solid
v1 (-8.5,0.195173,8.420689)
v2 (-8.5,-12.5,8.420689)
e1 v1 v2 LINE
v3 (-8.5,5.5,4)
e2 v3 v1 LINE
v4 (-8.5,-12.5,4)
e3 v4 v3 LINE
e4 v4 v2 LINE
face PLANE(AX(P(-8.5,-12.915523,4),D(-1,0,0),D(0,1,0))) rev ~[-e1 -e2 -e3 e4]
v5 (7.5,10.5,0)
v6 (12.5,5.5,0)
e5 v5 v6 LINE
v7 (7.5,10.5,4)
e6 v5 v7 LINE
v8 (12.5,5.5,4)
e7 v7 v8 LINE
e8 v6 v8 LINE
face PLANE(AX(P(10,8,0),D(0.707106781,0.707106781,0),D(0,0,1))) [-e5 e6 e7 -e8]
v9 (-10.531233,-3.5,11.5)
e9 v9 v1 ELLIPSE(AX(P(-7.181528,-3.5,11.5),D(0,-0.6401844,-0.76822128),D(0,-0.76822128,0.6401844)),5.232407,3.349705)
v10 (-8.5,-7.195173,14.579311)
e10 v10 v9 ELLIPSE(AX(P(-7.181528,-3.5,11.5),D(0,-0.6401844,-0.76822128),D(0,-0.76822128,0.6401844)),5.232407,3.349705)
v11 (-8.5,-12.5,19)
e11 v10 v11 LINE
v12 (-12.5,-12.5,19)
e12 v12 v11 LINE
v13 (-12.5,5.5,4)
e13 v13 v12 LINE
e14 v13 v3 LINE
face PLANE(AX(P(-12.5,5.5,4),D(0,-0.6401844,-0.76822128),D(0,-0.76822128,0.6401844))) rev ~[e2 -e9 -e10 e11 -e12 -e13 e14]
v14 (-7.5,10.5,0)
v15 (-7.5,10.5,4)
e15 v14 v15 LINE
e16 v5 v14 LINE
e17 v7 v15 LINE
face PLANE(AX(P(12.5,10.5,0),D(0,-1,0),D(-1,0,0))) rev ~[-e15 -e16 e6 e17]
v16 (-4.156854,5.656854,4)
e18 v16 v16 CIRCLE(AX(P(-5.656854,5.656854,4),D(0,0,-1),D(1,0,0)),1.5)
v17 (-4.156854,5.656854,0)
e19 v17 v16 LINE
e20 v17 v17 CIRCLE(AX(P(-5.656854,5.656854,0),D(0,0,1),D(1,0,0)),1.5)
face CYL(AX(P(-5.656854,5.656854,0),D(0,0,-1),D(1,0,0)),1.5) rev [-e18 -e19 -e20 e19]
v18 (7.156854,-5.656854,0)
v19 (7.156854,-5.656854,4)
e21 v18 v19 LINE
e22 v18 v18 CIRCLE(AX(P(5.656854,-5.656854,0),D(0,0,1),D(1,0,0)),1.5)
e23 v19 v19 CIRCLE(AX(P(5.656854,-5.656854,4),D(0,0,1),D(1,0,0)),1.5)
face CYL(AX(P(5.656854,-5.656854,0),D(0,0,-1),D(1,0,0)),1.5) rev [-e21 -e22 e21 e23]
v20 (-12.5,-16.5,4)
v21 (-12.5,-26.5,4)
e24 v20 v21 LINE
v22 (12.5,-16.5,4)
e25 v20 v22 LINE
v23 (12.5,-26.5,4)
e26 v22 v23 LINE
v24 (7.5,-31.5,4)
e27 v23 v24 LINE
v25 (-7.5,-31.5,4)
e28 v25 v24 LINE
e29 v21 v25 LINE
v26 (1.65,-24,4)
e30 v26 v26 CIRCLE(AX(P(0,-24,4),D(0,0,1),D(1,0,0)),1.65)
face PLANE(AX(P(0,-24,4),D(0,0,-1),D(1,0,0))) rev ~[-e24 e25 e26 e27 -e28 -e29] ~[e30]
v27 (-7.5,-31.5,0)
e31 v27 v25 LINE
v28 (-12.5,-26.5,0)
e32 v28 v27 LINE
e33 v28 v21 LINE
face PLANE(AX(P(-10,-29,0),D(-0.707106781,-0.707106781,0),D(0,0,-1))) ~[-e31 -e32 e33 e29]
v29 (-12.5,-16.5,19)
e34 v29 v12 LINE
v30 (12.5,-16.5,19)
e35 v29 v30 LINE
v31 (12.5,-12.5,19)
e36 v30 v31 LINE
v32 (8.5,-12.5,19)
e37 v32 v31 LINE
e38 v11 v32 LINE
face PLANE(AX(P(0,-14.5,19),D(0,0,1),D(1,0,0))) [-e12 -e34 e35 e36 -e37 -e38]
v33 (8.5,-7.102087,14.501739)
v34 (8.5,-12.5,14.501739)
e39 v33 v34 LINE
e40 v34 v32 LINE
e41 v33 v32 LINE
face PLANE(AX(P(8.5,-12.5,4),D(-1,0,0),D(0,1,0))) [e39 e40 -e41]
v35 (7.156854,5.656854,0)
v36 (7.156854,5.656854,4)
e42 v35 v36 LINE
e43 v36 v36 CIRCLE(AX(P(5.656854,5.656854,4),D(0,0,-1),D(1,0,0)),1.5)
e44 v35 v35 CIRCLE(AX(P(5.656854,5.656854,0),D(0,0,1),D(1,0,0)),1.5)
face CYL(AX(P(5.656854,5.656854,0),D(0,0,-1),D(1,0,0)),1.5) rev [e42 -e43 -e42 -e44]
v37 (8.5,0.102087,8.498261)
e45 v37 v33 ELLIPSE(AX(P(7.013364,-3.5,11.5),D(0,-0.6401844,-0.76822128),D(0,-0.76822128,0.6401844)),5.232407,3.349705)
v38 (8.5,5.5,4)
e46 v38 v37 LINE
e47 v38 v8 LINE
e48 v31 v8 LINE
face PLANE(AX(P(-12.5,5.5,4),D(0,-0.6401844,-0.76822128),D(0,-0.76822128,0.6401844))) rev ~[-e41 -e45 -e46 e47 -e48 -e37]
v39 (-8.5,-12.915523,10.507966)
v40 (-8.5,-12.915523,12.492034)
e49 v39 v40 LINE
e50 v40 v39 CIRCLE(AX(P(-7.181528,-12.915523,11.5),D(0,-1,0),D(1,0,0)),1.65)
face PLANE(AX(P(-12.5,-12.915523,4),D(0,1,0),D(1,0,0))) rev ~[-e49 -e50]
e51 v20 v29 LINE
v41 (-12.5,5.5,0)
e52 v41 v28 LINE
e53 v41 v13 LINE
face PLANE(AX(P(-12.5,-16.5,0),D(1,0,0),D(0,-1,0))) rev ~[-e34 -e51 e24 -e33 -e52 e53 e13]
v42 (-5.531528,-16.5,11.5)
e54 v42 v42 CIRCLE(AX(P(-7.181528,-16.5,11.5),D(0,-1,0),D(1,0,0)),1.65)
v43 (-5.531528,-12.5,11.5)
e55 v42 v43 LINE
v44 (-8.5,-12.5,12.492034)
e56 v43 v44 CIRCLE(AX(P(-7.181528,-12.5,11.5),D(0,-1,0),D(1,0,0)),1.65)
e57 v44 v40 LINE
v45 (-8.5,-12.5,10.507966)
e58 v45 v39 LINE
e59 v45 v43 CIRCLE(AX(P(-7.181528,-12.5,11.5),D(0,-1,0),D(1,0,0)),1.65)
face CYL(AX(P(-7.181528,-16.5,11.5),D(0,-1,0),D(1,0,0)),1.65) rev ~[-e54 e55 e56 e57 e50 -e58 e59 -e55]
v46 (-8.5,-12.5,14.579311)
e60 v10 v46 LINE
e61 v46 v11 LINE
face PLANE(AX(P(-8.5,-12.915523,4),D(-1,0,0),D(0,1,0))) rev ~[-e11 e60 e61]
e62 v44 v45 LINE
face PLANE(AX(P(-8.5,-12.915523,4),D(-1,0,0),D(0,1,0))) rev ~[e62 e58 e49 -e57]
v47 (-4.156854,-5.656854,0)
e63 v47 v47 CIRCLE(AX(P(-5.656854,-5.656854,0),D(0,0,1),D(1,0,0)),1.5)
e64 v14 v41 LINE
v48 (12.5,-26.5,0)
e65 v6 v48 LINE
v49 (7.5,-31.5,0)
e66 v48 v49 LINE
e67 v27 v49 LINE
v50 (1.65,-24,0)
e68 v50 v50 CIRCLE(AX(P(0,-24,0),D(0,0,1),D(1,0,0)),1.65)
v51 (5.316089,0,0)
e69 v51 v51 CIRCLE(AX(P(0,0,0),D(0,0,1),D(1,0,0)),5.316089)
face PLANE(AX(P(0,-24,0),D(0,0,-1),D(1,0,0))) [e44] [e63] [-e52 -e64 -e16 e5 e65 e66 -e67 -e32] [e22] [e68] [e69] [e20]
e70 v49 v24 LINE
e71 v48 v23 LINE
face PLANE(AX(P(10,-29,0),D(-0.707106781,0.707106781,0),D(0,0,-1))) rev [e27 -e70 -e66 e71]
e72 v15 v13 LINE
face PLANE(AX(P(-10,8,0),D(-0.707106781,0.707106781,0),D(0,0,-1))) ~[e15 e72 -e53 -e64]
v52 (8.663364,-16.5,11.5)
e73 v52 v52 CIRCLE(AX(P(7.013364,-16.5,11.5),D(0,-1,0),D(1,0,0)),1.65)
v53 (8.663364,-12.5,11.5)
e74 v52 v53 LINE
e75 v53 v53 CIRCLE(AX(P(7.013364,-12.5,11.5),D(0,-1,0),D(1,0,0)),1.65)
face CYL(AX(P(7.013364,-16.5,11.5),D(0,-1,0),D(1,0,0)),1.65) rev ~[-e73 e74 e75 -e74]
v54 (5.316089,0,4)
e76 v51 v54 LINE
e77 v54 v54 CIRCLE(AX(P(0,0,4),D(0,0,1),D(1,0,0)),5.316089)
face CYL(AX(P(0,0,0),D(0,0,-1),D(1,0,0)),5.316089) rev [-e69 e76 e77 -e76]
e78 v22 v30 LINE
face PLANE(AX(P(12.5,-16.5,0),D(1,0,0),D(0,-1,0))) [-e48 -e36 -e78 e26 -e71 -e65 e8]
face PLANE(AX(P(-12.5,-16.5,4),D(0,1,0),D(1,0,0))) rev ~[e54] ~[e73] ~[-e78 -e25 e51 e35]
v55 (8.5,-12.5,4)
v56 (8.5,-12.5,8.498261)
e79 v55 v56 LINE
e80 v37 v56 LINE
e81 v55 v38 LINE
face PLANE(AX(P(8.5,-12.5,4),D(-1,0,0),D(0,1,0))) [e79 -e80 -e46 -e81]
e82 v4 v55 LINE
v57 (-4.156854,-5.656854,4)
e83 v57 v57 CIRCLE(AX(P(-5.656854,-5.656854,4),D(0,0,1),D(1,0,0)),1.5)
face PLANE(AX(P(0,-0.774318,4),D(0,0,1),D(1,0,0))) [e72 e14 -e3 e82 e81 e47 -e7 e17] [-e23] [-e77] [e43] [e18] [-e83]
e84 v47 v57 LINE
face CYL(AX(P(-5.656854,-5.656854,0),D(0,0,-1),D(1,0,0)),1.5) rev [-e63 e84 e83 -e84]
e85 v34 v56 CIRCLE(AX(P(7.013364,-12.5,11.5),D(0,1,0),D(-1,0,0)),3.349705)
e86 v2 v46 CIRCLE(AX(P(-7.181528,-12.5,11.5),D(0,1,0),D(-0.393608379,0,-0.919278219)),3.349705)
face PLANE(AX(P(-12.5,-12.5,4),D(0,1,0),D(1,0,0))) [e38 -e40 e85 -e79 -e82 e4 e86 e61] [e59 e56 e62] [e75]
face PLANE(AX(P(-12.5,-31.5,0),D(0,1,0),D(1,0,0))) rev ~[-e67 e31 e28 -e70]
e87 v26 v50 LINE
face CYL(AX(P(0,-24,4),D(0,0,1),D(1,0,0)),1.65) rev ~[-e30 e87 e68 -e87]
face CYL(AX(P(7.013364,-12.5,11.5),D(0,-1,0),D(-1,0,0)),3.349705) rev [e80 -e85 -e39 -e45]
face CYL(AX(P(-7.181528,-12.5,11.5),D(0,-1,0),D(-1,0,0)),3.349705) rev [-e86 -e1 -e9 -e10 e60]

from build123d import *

# Parameters (mm, degrees)
F0_R      = 1.5
F0_R_2    = 5.3160889555
F1_DEPTH  = 4
F2_SIZE   = 5
F3_W      = 25
F3_H      = 4
F4_DEPTH  = 15
F5_W      = 25
F5_H      = 15
F6_DEPTH  = 4
F7_R      = 1.65
F8_DEPTH  = 25
F9_R      = 1.65
F10_DEPTH = 25
F11_W     = 4
F11_H     = 18.4155227914
F11_H_2   = 18
F12_DEPTH = 15
F14_DEPTH = 28.2
F15_R     = 3.349705052
F16_DEPTH = 25
F17_SIZE  = 5


with BuildPart() as f1:
    # F0 (on Top) → F1 (new body)
    with BuildSketch(Plane.XY):
        with BuildLine():
            Line((12.5, -10.5), (12.5, 10.5))
            Line((12.5, 10.5), (-12.5, 10.5))
            Line((-12.5, 10.5), (-12.5, -10.5))
            ThreePointArc((-12.5, -10.5), (-11.9142135624, -11.9142135624), (-10.5, -12.5))
            Line((-10.5, -12.5), (10.5, -12.5))
            ThreePointArc((10.5, -12.5), (11.9142135624, -11.9142135624), (12.5, -10.5))
        make_face()
        with Locations((-5.6568542495, -5.6568542495)):
            Circle(F0_R, mode=Mode.SUBTRACT)
        with Locations((5.6568542495, -5.6568542495)):
            Circle(F0_R, mode=Mode.SUBTRACT)
        with Locations((-5.6568542495, 5.6568542495)):
            Circle(F0_R, mode=Mode.SUBTRACT)
        Circle(F0_R_2, mode=Mode.SUBTRACT)
        with Locations((5.6568542495, 5.6568542495)):
            Circle(F0_R, mode=Mode.SUBTRACT)
        with BuildLine():
            Line((12.5, -16.5), (12.5, -10.5))
            ThreePointArc((12.5, -10.5), (11.9142135624, -11.9142135624), (10.5, -12.5))
            Line((10.5, -12.5), (-10.5, -12.5))
            ThreePointArc((-10.5, -12.5), (-11.9142135624, -11.9142135624), (-12.5, -10.5))
            Line((-12.5, -10.5), (-12.5, -16.5))
            Line((-12.5, -16.5), (-10.5, -16.5))
            Line((-10.5, -16.5), (10.5, -16.5))
            Line((10.5, -16.5), (12.5, -16.5))
        make_face()
    extrude(amount=F1_DEPTH)

    # F2
    f2_edges = [f1.edges().sort_by_distance(p)[0] for p in [
        (12.5, 10.5, 2),
        (-12.5, 10.5, 2),
    ]]
    chamfer(f2_edges, length=F2_SIZE)

    # F3 (on face) → F4 (join)
    with BuildSketch(Plane.XY.offset(4)):
        with Locations((0, -14.5)):
            Rectangle(F3_W, F3_H)
    extrude(amount=F4_DEPTH)

    # F5 (on face) → F6 (join)
    with BuildSketch(Plane(origin=(0, 0, 0), x_dir=(1, 0, 0), z_dir=(0, 0, -1))):
        with Locations((0, 24)):
            Rectangle(F5_W, F5_H)
    extrude(amount=-F6_DEPTH)

    # F7 (on face) → F8 (cut)
    with BuildSketch(Plane.XZ.offset(16.5)):
        with Locations((-7.1815280244, 11.5)):
            Circle(F7_R)
        with Locations((7.0133642294, 11.5)):
            Circle(F7_R)
    extrude(amount=-F8_DEPTH, mode=Mode.SUBTRACT)

    # F9 (on face) → F10 (cut)
    with BuildSketch(Plane.XY.offset(4)):
        with Locations((0, -24)):
            Circle(F9_R)
    extrude(amount=-F10_DEPTH, mode=Mode.SUBTRACT)

    # F11 (on face) → F12 (join, through all)
    with BuildSketch(Plane.XY.offset(4)):
        with Locations((-10.5, -3.7077613957)):
            Rectangle(F11_W, F11_H)
        with Locations((10.5, -3.5)):
            Rectangle(F11_W, F11_H_2)
    extrude(amount=F12_DEPTH)

    # F13 (on face) → F14 (cut)
    with BuildSketch(Plane(origin=(-12.5, 0, 0), x_dir=(0, -1, 0), z_dir=(-1, 0, 0))):
        Polygon((-5.5, 4), (12.5, 19), (-5.5, 19), align=None)
    extrude(amount=-F14_DEPTH, mode=Mode.SUBTRACT)

    # F15 (on face) → F16 (cut)
    with BuildSketch(Plane(origin=(0, -12.5, 0), x_dir=(-1, 0, 0), z_dir=(0, 1, 0))):
        with Locations((-7.0133642294, 11.5)):
            Circle(F15_R)
        with Locations((7.1815280244, 11.5)):
            Circle(F15_R)
    extrude(amount=F16_DEPTH, mode=Mode.SUBTRACT)

    # F17
    f17_edges = [f1.edges().sort_by_distance(p)[0] for p in [
        (-12.5, -31.5, 2),
        (12.5, -31.5, 2),
    ]]
    chamfer(f17_edges, length=F17_SIZE)


solid = f1.part
